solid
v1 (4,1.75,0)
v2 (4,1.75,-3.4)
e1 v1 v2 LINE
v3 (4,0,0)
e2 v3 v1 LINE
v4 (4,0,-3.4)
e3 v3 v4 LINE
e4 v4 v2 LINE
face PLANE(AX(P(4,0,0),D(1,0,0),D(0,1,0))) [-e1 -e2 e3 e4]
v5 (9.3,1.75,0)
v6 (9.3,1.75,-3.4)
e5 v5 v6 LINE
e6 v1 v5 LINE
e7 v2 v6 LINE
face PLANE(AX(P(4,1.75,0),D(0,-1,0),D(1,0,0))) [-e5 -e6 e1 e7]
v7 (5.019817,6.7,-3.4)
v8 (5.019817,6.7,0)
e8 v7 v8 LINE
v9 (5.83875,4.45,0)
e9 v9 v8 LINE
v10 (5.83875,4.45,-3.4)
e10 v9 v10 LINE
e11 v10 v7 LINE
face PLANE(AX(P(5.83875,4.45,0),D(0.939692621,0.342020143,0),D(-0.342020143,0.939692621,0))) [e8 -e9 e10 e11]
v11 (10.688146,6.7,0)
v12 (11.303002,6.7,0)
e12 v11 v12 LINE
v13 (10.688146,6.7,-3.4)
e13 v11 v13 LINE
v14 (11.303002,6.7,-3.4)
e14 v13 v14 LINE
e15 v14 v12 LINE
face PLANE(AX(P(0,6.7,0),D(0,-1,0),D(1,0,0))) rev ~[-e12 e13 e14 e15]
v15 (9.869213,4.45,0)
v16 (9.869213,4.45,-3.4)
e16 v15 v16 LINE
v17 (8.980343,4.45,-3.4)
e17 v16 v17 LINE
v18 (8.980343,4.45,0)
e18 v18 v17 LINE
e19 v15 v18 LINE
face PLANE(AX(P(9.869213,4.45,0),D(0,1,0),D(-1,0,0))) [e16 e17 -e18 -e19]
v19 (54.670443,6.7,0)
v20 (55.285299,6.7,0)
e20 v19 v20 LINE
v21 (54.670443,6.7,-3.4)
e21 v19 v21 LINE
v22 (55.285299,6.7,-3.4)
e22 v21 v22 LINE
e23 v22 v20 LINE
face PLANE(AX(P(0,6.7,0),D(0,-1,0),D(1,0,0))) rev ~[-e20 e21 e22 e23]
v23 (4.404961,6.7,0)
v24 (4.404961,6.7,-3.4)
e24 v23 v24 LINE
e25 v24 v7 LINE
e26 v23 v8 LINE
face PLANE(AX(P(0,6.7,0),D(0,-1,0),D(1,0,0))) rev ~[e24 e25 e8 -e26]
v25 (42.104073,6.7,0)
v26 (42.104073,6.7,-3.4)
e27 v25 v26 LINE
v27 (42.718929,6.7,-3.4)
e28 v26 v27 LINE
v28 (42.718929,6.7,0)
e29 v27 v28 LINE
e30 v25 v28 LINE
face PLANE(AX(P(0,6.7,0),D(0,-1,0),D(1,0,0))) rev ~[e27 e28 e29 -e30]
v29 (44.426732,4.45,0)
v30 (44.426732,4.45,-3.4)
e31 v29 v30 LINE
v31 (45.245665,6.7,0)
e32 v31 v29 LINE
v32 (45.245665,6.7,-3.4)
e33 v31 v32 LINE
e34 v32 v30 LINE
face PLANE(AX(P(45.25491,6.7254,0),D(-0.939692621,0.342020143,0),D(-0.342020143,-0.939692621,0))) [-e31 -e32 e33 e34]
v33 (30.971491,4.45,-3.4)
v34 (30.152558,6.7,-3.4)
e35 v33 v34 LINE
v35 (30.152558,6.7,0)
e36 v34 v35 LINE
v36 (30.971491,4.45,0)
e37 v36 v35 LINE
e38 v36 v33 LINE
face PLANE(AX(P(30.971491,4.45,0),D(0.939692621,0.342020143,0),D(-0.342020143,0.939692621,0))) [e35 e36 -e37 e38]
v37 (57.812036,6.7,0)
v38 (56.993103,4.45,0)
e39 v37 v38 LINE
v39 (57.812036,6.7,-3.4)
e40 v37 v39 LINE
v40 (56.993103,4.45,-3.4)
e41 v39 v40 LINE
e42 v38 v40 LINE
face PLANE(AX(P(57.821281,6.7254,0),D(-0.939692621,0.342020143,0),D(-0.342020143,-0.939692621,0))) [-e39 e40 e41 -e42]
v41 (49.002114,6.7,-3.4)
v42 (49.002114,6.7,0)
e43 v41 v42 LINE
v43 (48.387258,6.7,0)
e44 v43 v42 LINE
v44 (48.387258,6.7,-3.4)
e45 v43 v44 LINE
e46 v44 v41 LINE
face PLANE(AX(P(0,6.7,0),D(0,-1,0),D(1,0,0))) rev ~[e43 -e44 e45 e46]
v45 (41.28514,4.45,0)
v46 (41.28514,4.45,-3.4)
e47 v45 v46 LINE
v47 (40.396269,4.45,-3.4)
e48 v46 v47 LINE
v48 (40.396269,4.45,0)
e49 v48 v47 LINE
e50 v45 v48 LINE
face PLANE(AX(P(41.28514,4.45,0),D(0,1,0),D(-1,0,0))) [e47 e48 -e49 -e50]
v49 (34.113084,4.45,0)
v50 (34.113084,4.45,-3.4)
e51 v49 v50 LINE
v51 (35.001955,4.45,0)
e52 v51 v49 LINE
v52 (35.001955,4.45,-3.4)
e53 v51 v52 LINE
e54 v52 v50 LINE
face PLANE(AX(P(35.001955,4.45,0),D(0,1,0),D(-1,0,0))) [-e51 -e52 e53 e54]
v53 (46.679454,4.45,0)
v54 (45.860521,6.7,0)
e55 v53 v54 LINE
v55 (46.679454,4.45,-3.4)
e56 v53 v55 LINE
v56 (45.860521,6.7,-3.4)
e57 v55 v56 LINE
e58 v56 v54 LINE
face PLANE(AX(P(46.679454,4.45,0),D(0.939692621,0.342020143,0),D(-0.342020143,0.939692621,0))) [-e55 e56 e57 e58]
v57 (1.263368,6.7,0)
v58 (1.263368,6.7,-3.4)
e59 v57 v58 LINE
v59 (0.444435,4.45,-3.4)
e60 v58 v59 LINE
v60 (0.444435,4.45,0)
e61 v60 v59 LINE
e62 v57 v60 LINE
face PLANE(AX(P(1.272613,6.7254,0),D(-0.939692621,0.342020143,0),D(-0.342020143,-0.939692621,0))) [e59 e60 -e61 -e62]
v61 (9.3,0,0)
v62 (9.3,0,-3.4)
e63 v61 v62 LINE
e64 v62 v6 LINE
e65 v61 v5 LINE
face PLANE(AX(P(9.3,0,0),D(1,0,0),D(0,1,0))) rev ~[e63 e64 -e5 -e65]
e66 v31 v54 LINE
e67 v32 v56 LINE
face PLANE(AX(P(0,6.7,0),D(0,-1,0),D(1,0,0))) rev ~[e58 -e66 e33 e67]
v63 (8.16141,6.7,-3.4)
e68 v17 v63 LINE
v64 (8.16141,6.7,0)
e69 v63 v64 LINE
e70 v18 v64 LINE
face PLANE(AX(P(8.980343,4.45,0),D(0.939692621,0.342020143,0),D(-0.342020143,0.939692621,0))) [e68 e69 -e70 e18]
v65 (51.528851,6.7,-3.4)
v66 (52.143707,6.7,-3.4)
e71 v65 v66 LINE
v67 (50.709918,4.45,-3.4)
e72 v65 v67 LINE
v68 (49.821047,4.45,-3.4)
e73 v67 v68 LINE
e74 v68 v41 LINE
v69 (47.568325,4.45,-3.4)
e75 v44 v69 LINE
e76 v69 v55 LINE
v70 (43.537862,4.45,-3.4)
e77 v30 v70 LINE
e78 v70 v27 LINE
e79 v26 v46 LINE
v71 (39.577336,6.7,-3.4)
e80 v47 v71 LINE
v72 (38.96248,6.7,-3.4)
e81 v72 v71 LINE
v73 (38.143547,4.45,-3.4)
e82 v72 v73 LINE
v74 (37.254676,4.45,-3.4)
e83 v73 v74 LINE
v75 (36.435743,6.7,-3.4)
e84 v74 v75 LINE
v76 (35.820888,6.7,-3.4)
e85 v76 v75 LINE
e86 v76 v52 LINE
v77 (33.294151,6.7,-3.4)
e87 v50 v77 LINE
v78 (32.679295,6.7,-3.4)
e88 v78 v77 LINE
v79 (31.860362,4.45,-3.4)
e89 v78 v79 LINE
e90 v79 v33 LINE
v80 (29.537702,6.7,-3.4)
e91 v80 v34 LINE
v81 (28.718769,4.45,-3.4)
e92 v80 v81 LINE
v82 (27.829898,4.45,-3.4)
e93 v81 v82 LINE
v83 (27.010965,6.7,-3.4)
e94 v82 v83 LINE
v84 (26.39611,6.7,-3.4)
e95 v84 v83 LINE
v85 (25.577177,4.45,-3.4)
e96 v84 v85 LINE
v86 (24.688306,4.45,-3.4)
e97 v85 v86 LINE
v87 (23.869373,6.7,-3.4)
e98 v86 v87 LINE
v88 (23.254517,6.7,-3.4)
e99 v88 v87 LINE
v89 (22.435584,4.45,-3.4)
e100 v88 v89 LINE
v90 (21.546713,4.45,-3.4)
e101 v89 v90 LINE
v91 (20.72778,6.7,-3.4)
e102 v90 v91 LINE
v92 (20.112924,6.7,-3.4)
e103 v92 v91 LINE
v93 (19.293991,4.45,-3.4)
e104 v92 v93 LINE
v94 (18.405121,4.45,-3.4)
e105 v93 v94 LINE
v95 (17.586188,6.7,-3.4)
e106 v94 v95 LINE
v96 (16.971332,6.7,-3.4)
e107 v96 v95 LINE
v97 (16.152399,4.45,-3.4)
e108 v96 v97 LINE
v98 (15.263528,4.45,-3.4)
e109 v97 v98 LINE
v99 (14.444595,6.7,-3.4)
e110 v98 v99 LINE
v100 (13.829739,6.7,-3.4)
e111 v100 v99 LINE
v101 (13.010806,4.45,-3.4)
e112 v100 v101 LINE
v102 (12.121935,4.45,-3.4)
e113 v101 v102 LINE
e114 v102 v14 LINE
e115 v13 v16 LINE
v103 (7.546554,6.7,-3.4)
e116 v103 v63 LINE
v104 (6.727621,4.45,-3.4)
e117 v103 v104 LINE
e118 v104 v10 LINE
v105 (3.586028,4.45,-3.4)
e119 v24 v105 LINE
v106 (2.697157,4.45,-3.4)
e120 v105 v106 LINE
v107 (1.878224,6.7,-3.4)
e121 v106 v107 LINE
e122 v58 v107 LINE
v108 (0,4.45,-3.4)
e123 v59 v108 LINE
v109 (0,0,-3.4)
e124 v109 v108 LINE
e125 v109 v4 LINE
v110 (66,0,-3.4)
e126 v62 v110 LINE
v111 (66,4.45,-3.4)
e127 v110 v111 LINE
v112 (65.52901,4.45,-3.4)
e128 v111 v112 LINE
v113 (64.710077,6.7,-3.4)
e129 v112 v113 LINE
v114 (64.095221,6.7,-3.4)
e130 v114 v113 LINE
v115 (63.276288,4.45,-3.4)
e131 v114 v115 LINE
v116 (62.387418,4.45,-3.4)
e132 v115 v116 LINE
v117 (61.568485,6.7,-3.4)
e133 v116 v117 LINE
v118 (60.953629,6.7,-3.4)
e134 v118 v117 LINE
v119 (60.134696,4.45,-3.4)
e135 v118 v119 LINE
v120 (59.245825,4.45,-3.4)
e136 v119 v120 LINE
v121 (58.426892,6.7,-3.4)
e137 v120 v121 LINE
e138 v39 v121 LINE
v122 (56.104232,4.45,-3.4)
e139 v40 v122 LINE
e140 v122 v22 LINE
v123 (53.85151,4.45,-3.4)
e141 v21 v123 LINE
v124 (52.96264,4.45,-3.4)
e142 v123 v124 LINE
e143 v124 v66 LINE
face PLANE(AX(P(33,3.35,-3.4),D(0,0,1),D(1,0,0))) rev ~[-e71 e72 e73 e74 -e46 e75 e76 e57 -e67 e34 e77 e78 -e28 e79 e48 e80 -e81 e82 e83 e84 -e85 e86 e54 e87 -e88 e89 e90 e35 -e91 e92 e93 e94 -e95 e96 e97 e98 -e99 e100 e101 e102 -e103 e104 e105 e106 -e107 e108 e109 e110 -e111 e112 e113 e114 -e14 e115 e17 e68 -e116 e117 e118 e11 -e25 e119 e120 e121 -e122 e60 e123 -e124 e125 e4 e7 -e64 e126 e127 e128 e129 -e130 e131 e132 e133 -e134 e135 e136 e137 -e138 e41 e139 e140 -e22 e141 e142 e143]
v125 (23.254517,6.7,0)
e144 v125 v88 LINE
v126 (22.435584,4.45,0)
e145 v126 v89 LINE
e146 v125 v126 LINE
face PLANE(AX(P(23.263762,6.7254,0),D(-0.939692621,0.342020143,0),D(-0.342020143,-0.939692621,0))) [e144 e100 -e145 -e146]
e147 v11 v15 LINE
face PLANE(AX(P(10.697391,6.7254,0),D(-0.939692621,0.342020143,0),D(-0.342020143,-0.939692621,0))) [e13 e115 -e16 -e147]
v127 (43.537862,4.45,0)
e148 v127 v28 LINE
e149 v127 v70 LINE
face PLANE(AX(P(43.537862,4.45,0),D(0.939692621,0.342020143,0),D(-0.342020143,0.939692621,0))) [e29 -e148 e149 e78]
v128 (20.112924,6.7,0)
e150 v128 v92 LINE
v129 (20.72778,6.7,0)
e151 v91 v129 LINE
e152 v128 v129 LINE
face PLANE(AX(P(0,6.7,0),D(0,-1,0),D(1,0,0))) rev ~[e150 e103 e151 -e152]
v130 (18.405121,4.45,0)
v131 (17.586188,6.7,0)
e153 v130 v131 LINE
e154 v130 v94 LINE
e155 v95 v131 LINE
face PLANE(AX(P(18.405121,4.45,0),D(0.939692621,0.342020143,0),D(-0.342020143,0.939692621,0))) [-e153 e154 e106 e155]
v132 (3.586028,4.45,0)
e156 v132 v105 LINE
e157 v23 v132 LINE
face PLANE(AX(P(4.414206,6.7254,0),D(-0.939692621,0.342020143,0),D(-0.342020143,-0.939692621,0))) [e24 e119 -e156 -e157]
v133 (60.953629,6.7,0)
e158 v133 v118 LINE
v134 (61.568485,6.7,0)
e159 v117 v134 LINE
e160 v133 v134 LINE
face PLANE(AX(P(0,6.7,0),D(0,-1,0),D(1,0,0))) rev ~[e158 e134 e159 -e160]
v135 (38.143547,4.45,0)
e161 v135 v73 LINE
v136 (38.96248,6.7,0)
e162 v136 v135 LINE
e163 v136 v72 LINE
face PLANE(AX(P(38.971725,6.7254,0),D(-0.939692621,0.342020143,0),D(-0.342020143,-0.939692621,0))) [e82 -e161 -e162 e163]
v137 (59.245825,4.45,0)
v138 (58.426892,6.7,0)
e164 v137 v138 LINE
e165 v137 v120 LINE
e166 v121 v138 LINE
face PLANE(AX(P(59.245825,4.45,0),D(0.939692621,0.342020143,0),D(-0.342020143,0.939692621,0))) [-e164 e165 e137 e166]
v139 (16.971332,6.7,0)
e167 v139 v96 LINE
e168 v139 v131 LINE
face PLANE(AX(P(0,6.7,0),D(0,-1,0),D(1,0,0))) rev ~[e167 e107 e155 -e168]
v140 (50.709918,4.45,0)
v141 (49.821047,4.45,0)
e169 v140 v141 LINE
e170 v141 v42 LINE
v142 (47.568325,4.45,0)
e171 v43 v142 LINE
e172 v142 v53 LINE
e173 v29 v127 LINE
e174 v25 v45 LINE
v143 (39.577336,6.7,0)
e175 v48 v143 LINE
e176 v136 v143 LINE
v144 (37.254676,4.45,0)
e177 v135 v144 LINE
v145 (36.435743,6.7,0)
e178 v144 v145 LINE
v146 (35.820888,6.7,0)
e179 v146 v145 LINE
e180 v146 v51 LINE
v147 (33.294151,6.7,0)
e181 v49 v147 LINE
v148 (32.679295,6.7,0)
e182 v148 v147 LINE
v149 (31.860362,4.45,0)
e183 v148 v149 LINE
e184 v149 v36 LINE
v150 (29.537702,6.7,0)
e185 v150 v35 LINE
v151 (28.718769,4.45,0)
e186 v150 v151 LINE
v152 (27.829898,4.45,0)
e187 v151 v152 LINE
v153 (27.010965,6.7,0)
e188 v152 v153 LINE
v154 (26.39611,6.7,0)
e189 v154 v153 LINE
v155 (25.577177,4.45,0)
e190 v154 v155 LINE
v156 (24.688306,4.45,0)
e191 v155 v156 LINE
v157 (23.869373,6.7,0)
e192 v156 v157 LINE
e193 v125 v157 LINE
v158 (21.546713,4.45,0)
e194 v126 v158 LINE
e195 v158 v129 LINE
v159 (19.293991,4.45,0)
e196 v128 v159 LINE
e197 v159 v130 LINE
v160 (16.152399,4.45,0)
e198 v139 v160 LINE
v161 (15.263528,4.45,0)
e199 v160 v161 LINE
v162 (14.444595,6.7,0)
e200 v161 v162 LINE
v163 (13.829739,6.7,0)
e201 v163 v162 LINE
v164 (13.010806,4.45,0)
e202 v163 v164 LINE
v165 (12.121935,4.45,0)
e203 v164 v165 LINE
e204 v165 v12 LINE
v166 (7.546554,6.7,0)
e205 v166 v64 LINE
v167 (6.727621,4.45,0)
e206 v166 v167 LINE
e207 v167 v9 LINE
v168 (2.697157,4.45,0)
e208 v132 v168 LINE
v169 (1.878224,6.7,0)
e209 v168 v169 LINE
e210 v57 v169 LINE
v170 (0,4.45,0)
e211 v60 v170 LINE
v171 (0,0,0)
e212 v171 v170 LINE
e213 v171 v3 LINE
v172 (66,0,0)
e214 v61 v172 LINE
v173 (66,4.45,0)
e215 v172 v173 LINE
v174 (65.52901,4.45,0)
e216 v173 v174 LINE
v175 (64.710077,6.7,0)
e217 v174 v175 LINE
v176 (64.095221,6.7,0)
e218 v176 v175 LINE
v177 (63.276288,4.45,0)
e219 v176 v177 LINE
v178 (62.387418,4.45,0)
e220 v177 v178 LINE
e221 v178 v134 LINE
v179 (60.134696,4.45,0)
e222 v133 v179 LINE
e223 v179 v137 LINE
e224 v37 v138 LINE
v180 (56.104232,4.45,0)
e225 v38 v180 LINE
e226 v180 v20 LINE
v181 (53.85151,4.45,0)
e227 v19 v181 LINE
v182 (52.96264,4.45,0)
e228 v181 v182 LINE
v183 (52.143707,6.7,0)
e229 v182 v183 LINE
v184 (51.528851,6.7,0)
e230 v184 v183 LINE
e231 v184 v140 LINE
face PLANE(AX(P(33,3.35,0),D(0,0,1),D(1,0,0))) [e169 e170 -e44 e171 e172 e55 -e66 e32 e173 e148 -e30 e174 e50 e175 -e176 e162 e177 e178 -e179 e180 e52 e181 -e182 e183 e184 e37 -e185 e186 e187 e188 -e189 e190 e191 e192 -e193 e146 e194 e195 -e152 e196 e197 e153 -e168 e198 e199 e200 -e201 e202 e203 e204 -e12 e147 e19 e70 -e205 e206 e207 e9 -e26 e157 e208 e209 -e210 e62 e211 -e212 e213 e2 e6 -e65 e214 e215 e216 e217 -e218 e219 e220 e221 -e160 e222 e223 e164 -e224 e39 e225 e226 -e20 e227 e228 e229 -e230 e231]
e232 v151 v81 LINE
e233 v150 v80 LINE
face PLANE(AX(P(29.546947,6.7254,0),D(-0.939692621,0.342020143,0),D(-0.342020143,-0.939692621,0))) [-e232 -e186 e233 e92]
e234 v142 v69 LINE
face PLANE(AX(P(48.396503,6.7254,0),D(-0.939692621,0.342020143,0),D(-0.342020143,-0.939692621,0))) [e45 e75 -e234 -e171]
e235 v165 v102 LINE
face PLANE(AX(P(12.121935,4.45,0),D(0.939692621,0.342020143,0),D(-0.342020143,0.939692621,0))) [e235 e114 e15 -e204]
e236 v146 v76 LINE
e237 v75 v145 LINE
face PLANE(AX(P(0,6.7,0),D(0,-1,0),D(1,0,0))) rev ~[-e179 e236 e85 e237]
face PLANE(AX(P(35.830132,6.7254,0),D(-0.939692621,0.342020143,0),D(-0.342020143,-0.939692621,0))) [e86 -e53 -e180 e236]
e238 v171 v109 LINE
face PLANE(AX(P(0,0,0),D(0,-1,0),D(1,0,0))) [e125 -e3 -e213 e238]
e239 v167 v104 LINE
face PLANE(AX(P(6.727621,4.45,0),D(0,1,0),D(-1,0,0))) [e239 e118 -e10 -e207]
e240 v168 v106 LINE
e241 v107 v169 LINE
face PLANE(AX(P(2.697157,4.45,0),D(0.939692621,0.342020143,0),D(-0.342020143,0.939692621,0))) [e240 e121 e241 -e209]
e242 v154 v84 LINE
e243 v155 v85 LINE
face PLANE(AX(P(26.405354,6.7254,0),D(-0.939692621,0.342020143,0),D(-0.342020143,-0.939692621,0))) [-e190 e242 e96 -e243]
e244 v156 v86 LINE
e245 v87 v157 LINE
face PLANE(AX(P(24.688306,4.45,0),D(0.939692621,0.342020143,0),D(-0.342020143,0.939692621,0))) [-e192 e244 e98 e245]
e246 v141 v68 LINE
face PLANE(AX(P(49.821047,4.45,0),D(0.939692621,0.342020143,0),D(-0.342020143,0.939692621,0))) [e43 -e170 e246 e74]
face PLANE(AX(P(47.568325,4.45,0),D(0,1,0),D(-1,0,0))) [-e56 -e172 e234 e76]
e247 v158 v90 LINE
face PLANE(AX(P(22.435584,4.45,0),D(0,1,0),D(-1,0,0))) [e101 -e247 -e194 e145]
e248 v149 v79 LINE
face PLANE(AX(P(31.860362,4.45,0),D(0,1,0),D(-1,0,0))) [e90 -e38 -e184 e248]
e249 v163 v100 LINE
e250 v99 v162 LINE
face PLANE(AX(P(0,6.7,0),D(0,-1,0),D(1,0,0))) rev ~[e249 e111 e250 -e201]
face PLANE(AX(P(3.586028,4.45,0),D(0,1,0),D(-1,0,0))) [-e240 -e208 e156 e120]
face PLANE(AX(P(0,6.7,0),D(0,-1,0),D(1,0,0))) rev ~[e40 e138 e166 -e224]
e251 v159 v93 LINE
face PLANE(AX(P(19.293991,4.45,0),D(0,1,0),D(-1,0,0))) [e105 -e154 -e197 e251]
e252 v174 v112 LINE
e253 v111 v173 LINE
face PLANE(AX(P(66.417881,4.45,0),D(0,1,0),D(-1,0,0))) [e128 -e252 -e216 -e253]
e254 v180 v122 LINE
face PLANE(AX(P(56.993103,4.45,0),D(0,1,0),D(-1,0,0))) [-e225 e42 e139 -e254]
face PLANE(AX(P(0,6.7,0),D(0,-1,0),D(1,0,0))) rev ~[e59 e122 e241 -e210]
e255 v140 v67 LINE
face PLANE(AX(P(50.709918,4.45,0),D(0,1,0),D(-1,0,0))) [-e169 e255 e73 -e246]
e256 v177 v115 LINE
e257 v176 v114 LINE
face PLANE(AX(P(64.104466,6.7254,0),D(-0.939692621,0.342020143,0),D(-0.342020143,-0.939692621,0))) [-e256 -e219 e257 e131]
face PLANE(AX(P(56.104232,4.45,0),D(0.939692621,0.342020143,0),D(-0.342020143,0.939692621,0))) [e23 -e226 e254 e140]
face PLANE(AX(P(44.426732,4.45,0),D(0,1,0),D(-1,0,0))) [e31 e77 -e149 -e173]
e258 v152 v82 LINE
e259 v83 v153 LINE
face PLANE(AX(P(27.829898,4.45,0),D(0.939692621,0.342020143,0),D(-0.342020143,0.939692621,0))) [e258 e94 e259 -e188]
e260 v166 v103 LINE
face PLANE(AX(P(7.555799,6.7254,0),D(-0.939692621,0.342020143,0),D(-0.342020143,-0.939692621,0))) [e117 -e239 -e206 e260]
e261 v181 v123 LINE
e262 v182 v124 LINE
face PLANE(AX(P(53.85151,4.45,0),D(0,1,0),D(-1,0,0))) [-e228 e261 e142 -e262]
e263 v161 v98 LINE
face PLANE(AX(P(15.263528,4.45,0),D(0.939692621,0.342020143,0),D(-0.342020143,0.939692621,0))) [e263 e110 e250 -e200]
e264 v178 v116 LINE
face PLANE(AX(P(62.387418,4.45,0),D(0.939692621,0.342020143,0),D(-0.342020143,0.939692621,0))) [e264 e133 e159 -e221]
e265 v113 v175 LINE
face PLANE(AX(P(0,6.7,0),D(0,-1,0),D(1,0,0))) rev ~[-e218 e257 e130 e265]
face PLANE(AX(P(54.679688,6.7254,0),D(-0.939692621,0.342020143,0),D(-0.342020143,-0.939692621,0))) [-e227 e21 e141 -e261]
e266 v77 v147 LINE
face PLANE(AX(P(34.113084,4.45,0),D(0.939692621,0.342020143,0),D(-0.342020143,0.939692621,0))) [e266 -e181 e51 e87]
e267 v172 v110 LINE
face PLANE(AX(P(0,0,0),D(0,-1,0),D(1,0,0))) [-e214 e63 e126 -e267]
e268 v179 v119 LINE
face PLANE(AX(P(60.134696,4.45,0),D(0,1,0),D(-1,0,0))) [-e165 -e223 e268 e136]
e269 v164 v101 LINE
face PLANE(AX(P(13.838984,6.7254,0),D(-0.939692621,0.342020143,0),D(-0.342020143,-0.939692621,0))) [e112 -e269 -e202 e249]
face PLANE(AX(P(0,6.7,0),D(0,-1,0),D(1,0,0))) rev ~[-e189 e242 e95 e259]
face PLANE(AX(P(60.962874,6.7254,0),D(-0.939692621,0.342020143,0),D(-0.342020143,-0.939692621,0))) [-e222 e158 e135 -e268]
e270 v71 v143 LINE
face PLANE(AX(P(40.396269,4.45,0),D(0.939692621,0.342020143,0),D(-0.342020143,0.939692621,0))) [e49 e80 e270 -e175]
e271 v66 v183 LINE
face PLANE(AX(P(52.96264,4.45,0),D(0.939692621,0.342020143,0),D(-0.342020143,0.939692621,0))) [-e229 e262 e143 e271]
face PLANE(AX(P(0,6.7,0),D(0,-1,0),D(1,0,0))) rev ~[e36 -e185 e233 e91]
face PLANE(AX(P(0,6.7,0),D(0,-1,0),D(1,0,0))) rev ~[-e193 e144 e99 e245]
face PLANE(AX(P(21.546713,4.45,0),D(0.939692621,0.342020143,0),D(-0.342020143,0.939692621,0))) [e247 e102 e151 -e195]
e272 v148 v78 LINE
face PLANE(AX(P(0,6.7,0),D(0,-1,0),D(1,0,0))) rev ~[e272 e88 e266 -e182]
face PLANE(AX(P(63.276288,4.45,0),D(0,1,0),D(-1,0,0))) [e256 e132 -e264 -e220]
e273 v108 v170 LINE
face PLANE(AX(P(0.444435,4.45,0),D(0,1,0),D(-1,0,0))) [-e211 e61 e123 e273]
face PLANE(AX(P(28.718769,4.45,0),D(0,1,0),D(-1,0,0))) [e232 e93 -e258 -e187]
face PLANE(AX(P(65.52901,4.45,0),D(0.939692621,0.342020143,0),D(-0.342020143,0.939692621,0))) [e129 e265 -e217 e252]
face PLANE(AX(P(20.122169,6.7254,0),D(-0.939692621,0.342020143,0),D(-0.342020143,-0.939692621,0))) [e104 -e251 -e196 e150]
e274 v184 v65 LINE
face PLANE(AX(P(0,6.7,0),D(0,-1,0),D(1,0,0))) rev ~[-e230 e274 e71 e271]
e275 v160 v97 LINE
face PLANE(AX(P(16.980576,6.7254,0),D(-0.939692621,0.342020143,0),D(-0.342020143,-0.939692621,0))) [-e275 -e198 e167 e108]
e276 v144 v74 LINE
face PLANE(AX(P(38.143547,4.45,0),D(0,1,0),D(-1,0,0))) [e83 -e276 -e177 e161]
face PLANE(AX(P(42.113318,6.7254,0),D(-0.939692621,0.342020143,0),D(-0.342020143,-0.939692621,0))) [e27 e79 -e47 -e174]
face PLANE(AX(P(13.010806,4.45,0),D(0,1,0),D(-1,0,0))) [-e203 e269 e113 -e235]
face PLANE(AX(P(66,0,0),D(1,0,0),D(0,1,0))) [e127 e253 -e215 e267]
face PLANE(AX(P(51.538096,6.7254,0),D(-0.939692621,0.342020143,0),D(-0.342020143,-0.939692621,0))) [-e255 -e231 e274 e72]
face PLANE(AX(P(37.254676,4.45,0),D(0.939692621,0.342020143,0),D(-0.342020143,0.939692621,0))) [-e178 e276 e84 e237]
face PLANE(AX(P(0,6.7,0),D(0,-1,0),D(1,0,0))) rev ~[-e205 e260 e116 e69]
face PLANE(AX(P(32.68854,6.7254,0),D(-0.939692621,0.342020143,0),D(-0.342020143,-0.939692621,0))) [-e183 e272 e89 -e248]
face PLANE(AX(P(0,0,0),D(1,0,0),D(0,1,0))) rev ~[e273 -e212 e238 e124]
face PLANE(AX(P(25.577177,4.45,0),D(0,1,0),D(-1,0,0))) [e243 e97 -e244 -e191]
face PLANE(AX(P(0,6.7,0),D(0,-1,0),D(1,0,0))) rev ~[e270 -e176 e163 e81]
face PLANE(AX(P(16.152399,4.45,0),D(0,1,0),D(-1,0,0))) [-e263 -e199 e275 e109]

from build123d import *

# Parameters (mm, degrees)
BLANKSKE_W        = 66
BLANKSKE_H        = 6.7
BLANK_DEPTH       = 3.4
TOOTHCUTSIM_DEPTH = 67.426274922
TEETHCUTS_COUNT   = 22
TEETHCUTS_PITCH   = 3.14159265
NOTCH_SKETCH_W    = 5.3
NOTCH_SKETCH_H    = 1.75
NOTCH_DEPTH       = 67.426274922


with BuildPart() as part:
    # BlankSke → Blank (new body)
    with BuildSketch(Plane.XY):
        with Locations((33, 3.35)):
            Rectangle(BLANKSKE_W, BLANKSKE_H)
    extrude(amount=-BLANK_DEPTH)

    # TooCutSkeSim → ToothCutSim (cut, through all)
    with BuildSketch(Plane.XY):
        Polygon((0.44443537, 4.45), (-0.44443537, 4.45), (-1.272613241, 6.7254), (1.272613241, 6.7254), align=None)
    toothcutsim = extrude(amount=-TOOTHCUTSIM_DEPTH, mode=Mode.SUBTRACT)

    # TeethCuts: ToothCutSim ×22
    with Locations(*[(i * TEETHCUTS_PITCH, 0, 0) for i in range(1, TEETHCUTS_COUNT)]):
        add(toothcutsim, mode=Mode.SUBTRACT)

    # notch-sketch → notch (cut, through all)
    with BuildSketch(Plane.XY):
        with Locations((6.65, 0.875)):
            Rectangle(NOTCH_SKETCH_W, NOTCH_SKETCH_H)
    extrude(amount=-NOTCH_DEPTH, mode=Mode.SUBTRACT)


solid = part.part
